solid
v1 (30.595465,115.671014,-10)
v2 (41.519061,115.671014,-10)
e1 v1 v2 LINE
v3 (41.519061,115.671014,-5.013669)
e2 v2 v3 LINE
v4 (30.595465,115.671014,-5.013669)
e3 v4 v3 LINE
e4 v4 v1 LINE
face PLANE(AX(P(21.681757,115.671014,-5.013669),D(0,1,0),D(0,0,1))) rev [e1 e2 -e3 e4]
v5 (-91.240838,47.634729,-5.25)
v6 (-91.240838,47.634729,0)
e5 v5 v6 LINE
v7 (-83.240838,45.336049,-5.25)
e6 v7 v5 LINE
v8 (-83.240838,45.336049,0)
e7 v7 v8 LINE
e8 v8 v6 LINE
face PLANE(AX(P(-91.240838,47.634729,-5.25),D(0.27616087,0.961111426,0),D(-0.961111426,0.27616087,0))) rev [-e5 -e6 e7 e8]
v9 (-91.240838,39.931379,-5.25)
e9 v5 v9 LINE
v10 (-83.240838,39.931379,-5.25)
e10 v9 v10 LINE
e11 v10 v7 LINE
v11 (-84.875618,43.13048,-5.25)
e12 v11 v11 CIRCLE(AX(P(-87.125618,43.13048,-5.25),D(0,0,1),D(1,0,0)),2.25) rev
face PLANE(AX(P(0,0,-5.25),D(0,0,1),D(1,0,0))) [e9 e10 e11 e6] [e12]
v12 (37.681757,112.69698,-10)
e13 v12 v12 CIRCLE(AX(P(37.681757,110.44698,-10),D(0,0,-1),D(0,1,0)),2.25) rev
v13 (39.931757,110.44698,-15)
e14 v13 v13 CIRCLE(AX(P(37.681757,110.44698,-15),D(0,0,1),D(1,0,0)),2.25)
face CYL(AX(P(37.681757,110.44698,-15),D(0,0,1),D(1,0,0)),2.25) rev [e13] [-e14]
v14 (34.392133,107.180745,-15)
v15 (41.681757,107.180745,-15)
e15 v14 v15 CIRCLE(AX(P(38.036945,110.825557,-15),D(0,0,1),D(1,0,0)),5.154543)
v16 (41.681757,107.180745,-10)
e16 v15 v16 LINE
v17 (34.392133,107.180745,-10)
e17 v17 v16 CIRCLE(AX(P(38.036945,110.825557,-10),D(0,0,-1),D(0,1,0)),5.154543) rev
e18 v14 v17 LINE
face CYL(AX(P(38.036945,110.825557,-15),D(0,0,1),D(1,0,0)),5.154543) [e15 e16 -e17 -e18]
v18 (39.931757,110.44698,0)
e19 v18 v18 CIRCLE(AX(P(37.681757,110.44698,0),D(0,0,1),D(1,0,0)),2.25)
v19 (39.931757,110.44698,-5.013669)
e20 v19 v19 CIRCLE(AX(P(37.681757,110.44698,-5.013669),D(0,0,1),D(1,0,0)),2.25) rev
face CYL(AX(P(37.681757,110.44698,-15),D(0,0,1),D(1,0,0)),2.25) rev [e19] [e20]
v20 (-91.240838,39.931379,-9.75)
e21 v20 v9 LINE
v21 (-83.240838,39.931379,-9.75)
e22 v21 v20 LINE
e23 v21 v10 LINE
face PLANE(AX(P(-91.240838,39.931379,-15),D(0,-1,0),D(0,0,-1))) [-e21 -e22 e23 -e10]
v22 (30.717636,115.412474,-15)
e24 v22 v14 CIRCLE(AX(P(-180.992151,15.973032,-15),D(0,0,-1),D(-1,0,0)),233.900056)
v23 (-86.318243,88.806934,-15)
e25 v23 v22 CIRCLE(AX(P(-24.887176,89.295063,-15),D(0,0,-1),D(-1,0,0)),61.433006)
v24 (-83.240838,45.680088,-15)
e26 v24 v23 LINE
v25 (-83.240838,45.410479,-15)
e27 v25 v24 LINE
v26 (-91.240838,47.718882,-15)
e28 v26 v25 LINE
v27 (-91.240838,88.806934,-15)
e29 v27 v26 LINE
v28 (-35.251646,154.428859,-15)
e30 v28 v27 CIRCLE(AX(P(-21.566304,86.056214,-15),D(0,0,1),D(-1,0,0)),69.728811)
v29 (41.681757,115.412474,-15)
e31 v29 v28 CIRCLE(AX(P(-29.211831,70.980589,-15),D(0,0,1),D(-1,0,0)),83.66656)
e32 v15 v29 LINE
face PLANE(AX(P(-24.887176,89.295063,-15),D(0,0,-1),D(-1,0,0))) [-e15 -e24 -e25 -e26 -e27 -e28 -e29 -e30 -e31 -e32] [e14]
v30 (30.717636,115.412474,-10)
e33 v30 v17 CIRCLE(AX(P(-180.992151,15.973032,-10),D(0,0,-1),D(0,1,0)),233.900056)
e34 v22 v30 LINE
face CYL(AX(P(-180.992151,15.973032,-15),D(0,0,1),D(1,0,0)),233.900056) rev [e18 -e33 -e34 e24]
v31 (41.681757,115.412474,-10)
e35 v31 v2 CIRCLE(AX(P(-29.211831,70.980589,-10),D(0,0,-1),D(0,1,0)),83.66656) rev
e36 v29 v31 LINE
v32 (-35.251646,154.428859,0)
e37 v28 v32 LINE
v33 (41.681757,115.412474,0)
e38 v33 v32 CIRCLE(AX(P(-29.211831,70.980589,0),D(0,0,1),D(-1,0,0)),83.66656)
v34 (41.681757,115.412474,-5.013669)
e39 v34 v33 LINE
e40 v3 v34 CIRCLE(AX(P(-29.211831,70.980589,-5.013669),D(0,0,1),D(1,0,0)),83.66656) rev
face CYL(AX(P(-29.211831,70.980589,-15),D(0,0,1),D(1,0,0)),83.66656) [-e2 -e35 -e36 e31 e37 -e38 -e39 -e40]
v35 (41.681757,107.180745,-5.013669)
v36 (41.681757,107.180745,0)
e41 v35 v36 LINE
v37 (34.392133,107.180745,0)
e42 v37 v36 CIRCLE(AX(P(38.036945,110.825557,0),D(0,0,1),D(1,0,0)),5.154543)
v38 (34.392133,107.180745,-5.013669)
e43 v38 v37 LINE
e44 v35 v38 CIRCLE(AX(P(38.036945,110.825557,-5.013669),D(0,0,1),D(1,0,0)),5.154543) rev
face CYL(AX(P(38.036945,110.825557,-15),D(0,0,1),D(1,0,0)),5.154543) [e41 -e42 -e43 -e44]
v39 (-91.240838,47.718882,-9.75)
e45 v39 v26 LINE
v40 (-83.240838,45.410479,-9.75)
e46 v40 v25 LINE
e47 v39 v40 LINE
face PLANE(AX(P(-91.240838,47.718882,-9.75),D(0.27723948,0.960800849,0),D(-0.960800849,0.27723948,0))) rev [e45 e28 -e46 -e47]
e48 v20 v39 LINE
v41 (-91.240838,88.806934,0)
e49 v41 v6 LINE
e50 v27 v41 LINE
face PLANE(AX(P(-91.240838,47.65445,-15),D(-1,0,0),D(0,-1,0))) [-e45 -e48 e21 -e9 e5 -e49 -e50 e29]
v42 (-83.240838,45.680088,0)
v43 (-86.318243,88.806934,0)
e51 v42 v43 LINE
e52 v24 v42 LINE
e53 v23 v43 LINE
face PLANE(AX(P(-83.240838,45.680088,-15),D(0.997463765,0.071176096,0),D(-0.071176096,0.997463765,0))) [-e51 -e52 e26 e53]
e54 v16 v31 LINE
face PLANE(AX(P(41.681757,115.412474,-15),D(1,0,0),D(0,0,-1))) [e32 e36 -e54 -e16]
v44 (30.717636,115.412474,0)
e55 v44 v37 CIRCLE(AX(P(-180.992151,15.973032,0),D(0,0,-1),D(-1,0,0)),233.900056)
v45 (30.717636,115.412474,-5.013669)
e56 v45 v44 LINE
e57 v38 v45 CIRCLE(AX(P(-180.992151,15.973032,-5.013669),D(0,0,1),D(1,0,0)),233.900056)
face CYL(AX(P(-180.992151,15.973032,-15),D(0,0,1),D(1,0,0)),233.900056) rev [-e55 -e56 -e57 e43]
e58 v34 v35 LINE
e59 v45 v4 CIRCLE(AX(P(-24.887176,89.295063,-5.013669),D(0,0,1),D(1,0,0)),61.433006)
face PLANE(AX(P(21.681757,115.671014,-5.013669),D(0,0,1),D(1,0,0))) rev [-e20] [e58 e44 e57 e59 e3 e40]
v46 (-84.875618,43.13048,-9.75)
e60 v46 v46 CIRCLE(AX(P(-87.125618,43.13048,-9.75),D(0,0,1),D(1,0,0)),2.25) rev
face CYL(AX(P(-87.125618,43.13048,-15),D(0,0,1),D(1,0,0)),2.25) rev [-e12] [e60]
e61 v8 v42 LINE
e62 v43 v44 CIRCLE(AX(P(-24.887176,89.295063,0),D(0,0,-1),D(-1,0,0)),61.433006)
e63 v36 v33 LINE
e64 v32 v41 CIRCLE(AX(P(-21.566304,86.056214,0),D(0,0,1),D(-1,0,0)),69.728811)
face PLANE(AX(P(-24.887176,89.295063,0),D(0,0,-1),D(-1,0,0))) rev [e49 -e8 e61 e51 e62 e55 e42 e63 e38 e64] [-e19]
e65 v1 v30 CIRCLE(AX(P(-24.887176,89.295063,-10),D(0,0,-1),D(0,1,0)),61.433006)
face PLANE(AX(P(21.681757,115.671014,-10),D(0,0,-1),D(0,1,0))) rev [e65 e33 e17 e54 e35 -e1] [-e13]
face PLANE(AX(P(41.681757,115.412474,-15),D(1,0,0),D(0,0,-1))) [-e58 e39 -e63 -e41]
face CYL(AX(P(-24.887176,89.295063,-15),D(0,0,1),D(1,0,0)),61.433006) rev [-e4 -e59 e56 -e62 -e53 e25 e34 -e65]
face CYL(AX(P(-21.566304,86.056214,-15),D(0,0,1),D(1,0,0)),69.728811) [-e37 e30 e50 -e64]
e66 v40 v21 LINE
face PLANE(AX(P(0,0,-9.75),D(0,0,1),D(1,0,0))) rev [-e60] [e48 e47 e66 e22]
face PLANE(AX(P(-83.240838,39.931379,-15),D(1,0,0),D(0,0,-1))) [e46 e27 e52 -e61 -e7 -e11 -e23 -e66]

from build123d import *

# Parameters (mm, degrees)
SKETCH3_R           = 2.25
BOSS_EXTRUDE1_DEPTH = 15
CUT_EXTRUDE2_DEPTH  = 5.25
CUT_EXTRUDE3_DEPTH  = 5.25
SKETCH9_W           = 4.986330716
SKETCH9_H           = 10
CUT_EXTRUDE4_DEPTH  = 20


with BuildPart() as part:
    # Sketch3 → Boss-Extrude1 (new body)
    with BuildSketch(Plane.XY):
        with BuildLine():
            Line((-83.240837696, 45.680087808), (-86.318243263, 88.806933971))
            ThreePointArc((-86.318243263, 88.806933971), (-38.505178909, 149.199689366), (30.717635907, 115.412473794))
            ThreePointArc((30.717635907, 115.412473794), (32.594544712, 111.314313071), (34.392132503, 107.180744866))
            ThreePointArc((34.392132503, 107.180744866), (38.03694462, 105.671014255), (41.681756737, 107.180744866))
            Line((41.681756737, 107.180744866), (41.681756737, 115.412473794))
            ThreePointArc((41.681756737, 115.412473794), (8.630903534, 145.599759454), (-35.251645513, 154.428859194))
            ThreePointArc((-35.251645513, 154.428859194), (-74.611345825, 131.314701457), (-91.240837696, 88.806933971))
            Line((-91.240837696, 88.806933971), (-91.240837696, 47.654450262))
            Line((-91.240837696, 47.654450262), (-91.240837696, 39.931378559))
            Line((-91.240837696, 39.931378559), (-83.240837696, 39.931378559))
            Line((-83.240837696, 39.931378559), (-83.240837696, 45.680087808))
        make_face()
        with Locations((-87.125618482, 43.130480477)):
            Circle(SKETCH3_R, mode=Mode.SUBTRACT)
        with Locations((37.681756737, 110.446980465)):
            Circle(SKETCH3_R, mode=Mode.SUBTRACT)
    extrude(amount=-BOSS_EXTRUDE1_DEPTH)

    # Sketch5 → Cut-Extrude2 (cut)
    with BuildSketch(Plane.XY):
        Polygon((-91.240837696, 47.634728669), (-83.240837696, 45.336049347), (-83.240837696, 39.931378559), (-91.240837696, 39.931378559), align=None)
    extrude(amount=-CUT_EXTRUDE2_DEPTH, mode=Mode.SUBTRACT)

    # Sketch8 → Cut-Extrude3 (cut)
    with BuildSketch(Plane(origin=(0, 0, -15), x_dir=(-1, 0, 0), z_dir=(0, 0, -1))):
        Polygon((91.240837696, 47.718881947), (83.240837696, 45.410478658), (83.240837696, 39.931378559), (91.240837696, 39.931378559), align=None)
    extrude(amount=-CUT_EXTRUDE3_DEPTH, mode=Mode.SUBTRACT)

    # Sketch9 → Cut-Extrude4 (cut)
    with BuildSketch(Plane(origin=(41.681756737, 0, 0), x_dir=(0, 0, -1), z_dir=(1, 0, 0))):
        with Locations((7.506834642, 110.671014255)):
            Rectangle(SKETCH9_W, SKETCH9_H)
    extrude(amount=-CUT_EXTRUDE4_DEPTH, mode=Mode.SUBTRACT)


solid = part.part
